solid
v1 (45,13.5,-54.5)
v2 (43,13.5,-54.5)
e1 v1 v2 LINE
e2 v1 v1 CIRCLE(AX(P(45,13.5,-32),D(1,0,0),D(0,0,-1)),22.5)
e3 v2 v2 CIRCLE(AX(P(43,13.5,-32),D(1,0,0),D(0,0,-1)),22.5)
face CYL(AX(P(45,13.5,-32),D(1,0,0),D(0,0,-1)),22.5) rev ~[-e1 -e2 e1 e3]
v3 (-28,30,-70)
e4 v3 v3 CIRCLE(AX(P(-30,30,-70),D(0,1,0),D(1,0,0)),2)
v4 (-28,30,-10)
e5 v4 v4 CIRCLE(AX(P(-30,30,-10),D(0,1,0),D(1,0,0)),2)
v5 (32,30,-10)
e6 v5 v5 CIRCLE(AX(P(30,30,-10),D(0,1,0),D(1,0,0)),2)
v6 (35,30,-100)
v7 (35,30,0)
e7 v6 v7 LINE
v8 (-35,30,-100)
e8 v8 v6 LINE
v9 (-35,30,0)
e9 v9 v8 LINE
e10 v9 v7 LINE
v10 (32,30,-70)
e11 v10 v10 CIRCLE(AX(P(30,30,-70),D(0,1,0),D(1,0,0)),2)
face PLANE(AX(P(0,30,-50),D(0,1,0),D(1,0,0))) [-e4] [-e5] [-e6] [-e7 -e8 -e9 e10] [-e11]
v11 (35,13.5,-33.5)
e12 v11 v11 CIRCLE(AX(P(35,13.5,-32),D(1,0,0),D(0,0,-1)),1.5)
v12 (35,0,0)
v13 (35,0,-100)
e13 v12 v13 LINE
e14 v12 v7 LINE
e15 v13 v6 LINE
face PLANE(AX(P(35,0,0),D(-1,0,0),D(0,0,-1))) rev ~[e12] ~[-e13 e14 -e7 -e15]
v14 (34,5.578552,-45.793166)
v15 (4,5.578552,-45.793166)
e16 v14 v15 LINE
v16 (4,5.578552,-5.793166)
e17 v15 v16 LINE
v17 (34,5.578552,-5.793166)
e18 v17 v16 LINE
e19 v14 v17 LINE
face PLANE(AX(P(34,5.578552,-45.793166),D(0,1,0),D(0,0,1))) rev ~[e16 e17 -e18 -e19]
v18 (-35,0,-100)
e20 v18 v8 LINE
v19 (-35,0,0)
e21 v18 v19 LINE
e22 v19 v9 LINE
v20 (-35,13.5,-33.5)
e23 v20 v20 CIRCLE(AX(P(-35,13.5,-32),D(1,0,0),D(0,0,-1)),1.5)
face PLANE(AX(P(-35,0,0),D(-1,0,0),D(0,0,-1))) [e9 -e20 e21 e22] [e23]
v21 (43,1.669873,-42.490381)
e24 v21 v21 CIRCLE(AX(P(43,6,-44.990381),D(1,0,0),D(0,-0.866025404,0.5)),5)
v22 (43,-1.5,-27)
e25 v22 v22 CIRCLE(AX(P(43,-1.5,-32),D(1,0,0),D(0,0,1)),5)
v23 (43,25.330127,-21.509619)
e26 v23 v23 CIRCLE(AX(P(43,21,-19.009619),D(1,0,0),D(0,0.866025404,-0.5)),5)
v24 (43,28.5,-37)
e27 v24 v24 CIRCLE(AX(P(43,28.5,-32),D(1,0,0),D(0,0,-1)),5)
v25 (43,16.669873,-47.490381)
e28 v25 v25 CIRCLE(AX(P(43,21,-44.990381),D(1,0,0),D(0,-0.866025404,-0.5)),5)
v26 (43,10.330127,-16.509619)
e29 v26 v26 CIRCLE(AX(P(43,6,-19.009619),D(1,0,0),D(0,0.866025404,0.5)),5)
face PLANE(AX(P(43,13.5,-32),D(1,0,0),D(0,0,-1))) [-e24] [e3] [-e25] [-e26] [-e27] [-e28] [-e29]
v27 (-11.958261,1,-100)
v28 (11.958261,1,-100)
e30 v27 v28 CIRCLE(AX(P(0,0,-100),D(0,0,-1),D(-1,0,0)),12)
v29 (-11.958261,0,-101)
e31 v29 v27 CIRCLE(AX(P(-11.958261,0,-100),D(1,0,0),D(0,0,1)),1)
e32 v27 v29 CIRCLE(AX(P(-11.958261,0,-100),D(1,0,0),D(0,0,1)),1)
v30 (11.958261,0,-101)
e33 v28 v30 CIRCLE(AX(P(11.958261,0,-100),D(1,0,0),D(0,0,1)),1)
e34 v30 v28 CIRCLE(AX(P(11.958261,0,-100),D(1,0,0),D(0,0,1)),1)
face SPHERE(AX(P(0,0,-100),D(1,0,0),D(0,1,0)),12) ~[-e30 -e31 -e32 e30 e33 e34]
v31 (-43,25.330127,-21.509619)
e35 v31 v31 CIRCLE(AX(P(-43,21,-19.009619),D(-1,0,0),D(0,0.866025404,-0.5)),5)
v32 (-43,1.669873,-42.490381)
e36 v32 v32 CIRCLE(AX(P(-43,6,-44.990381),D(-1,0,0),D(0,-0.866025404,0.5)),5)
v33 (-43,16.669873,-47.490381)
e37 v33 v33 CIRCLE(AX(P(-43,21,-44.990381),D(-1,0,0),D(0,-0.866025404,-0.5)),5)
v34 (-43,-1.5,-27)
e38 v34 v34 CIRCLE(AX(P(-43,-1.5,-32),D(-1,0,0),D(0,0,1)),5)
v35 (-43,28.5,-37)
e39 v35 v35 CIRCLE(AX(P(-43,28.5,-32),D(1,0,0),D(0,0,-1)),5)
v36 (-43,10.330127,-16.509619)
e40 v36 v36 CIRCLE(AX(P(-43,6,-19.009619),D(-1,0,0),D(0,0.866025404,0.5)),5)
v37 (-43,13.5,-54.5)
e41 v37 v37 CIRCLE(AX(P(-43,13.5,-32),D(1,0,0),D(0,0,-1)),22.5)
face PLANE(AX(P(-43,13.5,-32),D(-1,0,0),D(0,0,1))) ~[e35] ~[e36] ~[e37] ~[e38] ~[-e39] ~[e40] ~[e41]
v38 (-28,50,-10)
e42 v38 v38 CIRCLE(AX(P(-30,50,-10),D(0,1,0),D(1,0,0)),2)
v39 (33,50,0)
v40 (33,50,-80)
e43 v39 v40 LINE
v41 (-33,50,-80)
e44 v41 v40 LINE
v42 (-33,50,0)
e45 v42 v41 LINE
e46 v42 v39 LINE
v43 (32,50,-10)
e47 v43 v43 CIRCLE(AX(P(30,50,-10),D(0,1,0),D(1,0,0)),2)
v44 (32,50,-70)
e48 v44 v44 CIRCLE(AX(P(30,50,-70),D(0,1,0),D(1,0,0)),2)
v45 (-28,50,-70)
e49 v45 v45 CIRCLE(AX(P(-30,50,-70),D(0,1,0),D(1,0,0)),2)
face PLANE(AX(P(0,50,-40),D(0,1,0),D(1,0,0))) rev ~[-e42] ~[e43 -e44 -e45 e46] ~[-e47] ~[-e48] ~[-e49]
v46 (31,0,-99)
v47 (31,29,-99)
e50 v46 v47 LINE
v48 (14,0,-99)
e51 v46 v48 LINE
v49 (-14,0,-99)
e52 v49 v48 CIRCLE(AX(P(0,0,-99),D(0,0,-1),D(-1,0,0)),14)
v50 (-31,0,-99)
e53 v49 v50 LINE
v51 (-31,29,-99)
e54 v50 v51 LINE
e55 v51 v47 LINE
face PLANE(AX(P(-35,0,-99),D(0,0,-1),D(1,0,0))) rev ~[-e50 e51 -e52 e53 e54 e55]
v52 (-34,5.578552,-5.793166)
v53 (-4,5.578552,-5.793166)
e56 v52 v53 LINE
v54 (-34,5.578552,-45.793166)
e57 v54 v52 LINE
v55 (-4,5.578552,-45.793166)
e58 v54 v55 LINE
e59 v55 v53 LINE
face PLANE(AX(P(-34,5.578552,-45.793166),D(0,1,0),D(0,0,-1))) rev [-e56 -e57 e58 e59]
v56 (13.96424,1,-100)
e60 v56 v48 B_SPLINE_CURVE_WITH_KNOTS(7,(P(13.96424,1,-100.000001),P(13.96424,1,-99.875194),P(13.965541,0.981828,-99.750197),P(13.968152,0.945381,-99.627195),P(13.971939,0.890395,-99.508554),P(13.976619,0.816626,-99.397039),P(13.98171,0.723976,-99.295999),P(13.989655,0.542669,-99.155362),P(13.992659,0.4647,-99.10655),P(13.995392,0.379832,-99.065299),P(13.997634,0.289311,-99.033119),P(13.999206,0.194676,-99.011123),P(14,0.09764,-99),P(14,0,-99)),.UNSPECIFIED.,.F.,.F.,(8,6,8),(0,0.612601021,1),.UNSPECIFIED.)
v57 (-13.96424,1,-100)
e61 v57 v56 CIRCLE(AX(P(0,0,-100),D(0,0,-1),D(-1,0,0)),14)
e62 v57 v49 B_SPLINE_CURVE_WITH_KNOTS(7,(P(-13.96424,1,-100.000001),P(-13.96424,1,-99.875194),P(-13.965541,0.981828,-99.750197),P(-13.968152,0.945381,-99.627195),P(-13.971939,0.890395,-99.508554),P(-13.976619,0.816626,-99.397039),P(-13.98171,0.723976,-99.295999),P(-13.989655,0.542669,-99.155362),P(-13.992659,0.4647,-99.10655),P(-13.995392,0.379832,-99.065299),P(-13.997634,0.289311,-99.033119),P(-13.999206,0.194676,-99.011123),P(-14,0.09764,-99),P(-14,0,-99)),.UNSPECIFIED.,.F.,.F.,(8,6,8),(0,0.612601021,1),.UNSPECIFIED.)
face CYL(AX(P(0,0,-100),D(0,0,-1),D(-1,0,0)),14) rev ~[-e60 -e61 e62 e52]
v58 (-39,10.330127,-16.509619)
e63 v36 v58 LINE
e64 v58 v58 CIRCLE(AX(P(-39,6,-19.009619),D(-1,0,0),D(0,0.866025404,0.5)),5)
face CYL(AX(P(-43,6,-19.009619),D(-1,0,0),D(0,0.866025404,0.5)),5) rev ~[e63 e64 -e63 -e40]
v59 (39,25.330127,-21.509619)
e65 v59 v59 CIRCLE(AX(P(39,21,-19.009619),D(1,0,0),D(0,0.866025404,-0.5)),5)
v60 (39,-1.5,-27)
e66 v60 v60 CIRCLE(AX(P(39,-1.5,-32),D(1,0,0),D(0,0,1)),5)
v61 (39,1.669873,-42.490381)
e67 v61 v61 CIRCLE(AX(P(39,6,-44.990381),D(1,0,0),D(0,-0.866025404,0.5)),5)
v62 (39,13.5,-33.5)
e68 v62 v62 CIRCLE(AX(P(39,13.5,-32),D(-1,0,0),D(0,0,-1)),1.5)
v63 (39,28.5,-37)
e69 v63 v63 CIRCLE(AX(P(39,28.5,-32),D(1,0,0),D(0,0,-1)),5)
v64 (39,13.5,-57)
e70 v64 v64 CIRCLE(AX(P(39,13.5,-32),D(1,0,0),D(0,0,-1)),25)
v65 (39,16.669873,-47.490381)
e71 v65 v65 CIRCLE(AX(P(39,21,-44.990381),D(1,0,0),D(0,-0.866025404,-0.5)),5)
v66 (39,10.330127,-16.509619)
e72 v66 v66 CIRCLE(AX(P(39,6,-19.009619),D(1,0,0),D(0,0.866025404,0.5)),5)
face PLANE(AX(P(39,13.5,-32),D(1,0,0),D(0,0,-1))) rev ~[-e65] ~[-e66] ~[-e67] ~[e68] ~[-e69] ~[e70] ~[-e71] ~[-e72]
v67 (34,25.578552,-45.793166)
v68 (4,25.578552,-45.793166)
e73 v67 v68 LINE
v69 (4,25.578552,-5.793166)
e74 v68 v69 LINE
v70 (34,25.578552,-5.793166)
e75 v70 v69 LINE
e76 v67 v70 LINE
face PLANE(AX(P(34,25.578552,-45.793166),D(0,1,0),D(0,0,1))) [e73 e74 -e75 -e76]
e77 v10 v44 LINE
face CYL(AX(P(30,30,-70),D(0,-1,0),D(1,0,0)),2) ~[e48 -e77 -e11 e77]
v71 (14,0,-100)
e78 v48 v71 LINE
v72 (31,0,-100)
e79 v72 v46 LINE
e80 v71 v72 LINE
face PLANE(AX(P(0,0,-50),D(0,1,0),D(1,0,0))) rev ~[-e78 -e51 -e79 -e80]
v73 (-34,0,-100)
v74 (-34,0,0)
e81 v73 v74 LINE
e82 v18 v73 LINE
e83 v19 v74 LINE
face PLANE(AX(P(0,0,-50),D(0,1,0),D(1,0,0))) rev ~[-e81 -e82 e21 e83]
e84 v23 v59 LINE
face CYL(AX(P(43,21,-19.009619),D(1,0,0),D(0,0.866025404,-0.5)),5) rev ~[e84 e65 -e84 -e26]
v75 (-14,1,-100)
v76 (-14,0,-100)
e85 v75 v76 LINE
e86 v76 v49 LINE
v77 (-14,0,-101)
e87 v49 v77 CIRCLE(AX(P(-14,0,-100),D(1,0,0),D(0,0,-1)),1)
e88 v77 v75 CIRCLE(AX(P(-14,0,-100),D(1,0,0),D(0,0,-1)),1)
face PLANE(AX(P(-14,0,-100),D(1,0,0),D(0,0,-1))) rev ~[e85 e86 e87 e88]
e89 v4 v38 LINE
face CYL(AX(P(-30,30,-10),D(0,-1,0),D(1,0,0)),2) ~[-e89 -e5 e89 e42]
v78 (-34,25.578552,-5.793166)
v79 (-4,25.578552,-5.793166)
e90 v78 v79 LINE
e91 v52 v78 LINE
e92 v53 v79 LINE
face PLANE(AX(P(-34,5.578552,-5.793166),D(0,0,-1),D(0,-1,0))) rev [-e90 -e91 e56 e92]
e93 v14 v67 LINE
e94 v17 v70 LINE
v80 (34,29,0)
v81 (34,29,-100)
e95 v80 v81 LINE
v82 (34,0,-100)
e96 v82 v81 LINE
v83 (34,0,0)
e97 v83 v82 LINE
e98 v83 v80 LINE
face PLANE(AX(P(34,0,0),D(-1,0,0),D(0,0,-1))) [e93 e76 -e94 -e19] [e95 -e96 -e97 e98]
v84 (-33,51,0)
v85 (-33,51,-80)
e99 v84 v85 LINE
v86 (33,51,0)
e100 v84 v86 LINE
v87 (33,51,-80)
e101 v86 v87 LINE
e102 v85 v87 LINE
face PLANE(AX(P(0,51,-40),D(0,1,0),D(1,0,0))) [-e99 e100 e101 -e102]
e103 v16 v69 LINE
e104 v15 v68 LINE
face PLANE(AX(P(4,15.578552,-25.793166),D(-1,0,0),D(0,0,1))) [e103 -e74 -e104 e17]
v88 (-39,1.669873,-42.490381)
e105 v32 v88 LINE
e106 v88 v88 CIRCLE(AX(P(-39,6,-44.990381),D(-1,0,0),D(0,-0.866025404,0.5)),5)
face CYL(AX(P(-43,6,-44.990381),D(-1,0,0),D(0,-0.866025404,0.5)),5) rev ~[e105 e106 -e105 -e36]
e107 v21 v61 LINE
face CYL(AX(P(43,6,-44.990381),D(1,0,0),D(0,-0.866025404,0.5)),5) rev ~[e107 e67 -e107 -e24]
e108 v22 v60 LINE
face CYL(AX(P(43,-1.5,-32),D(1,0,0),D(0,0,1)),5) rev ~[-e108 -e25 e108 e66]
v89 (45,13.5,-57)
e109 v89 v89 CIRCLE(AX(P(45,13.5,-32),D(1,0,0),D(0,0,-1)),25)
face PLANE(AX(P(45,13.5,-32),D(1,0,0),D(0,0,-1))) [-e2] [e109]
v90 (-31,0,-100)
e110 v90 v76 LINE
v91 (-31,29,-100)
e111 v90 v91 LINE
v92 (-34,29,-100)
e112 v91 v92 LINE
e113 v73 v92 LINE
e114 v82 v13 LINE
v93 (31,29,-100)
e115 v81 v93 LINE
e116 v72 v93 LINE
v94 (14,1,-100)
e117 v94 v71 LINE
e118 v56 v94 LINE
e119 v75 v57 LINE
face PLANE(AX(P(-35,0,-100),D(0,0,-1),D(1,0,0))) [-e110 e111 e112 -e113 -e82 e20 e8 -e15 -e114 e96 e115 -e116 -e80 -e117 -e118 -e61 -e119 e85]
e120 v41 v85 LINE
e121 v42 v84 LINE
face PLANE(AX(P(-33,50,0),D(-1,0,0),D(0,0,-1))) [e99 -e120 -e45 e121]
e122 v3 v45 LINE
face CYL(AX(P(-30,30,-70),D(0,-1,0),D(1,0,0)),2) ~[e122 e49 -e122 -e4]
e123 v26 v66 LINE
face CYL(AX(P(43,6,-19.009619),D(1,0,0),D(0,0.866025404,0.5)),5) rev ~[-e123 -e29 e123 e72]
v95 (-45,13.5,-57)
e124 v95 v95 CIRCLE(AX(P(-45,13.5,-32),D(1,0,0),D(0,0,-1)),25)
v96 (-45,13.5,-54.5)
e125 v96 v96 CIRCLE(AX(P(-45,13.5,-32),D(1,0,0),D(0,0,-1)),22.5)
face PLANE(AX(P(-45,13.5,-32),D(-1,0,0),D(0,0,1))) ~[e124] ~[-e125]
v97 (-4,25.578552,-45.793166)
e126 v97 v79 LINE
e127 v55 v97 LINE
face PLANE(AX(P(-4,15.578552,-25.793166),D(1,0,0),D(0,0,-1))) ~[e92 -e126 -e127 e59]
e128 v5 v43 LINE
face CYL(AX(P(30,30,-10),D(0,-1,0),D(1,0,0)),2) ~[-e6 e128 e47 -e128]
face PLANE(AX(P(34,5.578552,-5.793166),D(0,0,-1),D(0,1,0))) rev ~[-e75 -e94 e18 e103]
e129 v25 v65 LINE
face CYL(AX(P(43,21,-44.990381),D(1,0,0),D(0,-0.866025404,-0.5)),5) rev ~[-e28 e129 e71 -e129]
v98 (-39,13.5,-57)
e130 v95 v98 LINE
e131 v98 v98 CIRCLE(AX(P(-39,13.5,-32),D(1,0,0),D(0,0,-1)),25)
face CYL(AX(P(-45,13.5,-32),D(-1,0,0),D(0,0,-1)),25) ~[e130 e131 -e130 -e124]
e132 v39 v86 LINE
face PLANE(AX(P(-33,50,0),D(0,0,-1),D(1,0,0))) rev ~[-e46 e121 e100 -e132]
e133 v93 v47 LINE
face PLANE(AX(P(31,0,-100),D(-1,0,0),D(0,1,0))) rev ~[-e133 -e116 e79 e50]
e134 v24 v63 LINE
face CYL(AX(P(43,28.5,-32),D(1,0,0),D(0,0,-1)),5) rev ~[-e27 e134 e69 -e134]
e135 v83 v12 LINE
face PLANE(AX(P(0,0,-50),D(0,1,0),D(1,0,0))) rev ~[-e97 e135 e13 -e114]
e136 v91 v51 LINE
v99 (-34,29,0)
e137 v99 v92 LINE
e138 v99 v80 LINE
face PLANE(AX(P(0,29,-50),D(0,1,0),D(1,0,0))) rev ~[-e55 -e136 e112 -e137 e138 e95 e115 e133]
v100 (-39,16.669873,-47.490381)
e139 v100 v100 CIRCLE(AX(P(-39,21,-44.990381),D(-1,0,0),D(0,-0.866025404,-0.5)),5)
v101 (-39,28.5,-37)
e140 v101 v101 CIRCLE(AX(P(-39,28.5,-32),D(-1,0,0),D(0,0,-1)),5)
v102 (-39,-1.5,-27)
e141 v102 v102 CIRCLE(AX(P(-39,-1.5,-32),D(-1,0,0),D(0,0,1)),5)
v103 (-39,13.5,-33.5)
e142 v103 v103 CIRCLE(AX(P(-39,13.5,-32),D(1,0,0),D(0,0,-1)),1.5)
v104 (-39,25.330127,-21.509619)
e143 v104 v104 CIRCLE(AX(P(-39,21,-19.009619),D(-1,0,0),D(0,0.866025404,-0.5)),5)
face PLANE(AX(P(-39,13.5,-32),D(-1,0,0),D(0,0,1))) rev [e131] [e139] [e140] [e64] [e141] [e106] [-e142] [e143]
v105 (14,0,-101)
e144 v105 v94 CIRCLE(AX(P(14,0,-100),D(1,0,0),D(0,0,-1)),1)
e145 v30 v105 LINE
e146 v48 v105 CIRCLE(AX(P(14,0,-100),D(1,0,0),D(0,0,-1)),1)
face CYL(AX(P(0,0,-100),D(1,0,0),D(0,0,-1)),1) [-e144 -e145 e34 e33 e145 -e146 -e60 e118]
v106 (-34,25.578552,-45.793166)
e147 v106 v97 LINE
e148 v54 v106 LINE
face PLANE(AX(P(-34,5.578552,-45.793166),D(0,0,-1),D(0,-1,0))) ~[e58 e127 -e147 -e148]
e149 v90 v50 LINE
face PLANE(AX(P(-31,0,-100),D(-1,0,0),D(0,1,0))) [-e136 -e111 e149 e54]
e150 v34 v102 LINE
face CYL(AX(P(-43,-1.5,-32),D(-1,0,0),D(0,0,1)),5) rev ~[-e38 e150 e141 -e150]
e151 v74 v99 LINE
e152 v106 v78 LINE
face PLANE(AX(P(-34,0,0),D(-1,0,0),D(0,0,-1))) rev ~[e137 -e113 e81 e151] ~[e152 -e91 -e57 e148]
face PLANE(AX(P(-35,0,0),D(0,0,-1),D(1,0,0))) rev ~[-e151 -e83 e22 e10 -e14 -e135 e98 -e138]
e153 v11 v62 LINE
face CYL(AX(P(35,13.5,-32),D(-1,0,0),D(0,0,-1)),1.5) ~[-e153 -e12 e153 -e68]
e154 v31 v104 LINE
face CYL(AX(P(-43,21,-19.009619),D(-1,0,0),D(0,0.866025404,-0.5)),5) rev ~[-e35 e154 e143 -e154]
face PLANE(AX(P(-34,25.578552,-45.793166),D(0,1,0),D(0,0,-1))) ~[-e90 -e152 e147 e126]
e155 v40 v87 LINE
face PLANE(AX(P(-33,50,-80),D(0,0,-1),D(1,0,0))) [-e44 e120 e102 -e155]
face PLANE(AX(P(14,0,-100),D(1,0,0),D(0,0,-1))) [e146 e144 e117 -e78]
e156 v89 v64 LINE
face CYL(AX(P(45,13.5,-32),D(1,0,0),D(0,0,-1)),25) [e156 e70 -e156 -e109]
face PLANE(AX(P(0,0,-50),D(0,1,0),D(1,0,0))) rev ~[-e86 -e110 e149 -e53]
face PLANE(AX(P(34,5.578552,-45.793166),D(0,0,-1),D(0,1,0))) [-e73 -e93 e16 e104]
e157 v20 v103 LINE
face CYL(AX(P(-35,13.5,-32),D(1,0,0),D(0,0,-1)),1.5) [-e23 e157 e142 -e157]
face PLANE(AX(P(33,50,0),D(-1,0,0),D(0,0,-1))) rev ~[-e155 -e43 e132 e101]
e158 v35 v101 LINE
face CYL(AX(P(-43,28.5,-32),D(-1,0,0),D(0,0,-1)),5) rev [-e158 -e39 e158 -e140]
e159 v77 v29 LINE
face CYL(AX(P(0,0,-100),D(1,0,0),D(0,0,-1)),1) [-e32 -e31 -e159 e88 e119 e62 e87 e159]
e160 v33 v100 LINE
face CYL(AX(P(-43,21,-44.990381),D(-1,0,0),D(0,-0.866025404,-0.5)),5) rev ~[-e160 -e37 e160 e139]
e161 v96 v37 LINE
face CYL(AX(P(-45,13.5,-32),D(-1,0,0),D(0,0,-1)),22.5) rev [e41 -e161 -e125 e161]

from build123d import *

# Parameters (mm, degrees)
SKETCH_1_W               = 70
SKETCH_1_H               = 100
EXTRUDE_1_DEPTH          = 30
SHELL_1_T                = -1
SKETCH_2_W               = 40
SKETCH_2_H               = 20
EXTRUDE_2_DEPTH          = 30
SKETCH_3_R               = 1.5
EXTRUDE_3_DEPTH          = 10
SKETCH_4_R               = 25
EXTRUDE_4_DEPTH          = 6
SKETCH_5_R               = 22.5
CUT_EXTRUDE_1_DEPTH      = 2
SKETCH_6_R               = 5
CUT_EXTRUDE_2_DEPTH      = 8
PATTERN_CIRCULAR_1_COUNT = 6
MIRROR_1_COPY_1_SKETCH_R = 5
MIRROR_1_COPY_1_DEPTH    = 8
MIRROR_1_COPY_2_SKETCH_R = 5
MIRROR_1_COPY_2_DEPTH    = 8
MIRROR_1_COPY_3_SKETCH_R = 5
MIRROR_1_COPY_3_DEPTH    = 8
MIRROR_1_COPY_4_SKETCH_R = 5
MIRROR_1_COPY_4_DEPTH    = 8
MIRROR_1_COPY_5_SKETCH_R = 5
MIRROR_1_COPY_5_DEPTH    = 8
SKETCH_9_R               = 14
CUT_EXTRUDE_4_DEPTH      = 8
SKETCH_8_W               = 3
SKETCH_8_H               = 29
CUT_EXTRUDE_3_DEPTH      = 8
SKETCH_10_R              = 1
EXTRUDE_5_DEPTH          = 14
SKETCH_11_R              = 2
EXTRUDE_6_DEPTH          = 20
SKETCH_12_W              = 66
SKETCH_12_H              = 80
EXTRUDE_7_DEPTH          = 1


with BuildPart() as part:
    # 草圖1 → 填料-伸長1 (new body)
    with BuildSketch(Plane(origin=(0, 0, 0), x_dir=(1, 0, 0), z_dir=(0, 1, 0))):
        with Locations((0, 50)):
            Rectangle(SKETCH_1_W, SKETCH_1_H)
    extrude(amount=EXTRUDE_1_DEPTH)

    # 薄殼1
    shell_1_openings = [part.faces().sort_by_distance(p)[0] for p in [
        (0, 0, -50),
        (0, 15, 0),
    ]]
    offset(amount=SHELL_1_T, openings=shell_1_openings, kind=Kind.INTERSECTION)

    # 草圖2 → 填料-伸長2 (add)
    with BuildSketch(Plane.ZY.offset(-34)):
        with Locations((-25.793166275, 15.578551741)):
            Rectangle(SKETCH_2_W, SKETCH_2_H)
    extrude_2 = extrude(amount=EXTRUDE_2_DEPTH)

    # 草圖3 → 填料-伸長3 (add)
    with BuildSketch(Plane(origin=(35, 0, 0), x_dir=(0, 0, -1), z_dir=(1, 0, 0))):
        with Locations((32, 13.5)):
            Circle(SKETCH_3_R)
    extrude_3 = extrude(amount=EXTRUDE_3_DEPTH)

    # 草圖4 → 填料-伸長4 (add)
    with BuildSketch(Plane(origin=(45, 0, 0), x_dir=(0, 0, -1), z_dir=(1, 0, 0))):
        with Locations((32, 13.5)):
            Circle(SKETCH_4_R)
    extrude_4 = extrude(amount=-EXTRUDE_4_DEPTH)

    # 草圖5 → 除料-伸長1 (cut)
    with BuildSketch(Plane(origin=(45, 0, 0), x_dir=(0, 0, -1), z_dir=(1, 0, 0))):
        with Locations((32, 13.5)):
            Circle(SKETCH_5_R)
    cut_extrude_1 = extrude(amount=-CUT_EXTRUDE_1_DEPTH, mode=Mode.SUBTRACT)

    # 草圖6 → 除料-伸長2 (cut)
    with BuildSketch(Plane(origin=(43, 0, 0), x_dir=(0, 0, -1), z_dir=(1, 0, 0))):
        with Locations((32, 28.5)):
            Circle(SKETCH_6_R)
    cut_extrude_2 = extrude(amount=-CUT_EXTRUDE_2_DEPTH, mode=Mode.SUBTRACT)

    # 環狀複製排列1: 除料-伸長2 ×6 about axis
    pattern_circular_1_axis = Axis((0, 13.5, -32), (1, 0, 0))
    for i in range(1, PATTERN_CIRCULAR_1_COUNT):
        add(cut_extrude_2.rotate(pattern_circular_1_axis, i * 360 / PATTERN_CIRCULAR_1_COUNT), mode=Mode.SUBTRACT)

    # 鏡射1: 填料-伸長2, 填料-伸長3, 填料-伸長4, 除料-伸長1, 除料-伸長2 across plane
    add(extrude_2.mirror(Plane(origin=(0, 0, 0), x_dir=(0, 0, 1), z_dir=(1, 0, 0))))
    add(extrude_3.mirror(Plane(origin=(0, 0, 0), x_dir=(0, 0, 1), z_dir=(1, 0, 0))))
    add(extrude_4.mirror(Plane(origin=(0, 0, 0), x_dir=(0, 0, 1), z_dir=(1, 0, 0))))
    add(cut_extrude_1.mirror(Plane(origin=(0, 0, 0), x_dir=(0, 0, 1), z_dir=(1, 0, 0))), mode=Mode.SUBTRACT)
    add(cut_extrude_2.mirror(Plane(origin=(0, 0, 0), x_dir=(0, 0, 1), z_dir=(1, 0, 0))), mode=Mode.SUBTRACT)

    # 鏡射1 copy 1 sketch → 鏡射1 copy 1 (cut)
    with BuildSketch(Plane(origin=(-43, -20.962812921, -27.691342951), x_dir=(0, 0.866025404, -0.5), z_dir=(-1, 0, 0))):
        with Locations((32, -28.5)):
            Circle(MIRROR_1_COPY_1_SKETCH_R)
    extrude(amount=-MIRROR_1_COPY_1_DEPTH, mode=Mode.SUBTRACT)

    # 鏡射1 copy 2 sketch → 鏡射1 copy 2 (cut)
    with BuildSketch(Plane(origin=(-43, -7.462812921, -59.691342951), x_dir=(0, 0.866025404, 0.5), z_dir=(-1, 0, 0))):
        with Locations((32, -28.5)):
            Circle(MIRROR_1_COPY_2_SKETCH_R)
    extrude(amount=-MIRROR_1_COPY_2_DEPTH, mode=Mode.SUBTRACT)

    # 鏡射1 copy 3 sketch → 鏡射1 copy 3 (cut)
    with BuildSketch(Plane(origin=(-43, 27, -64), x_dir=(0, 0, 1), z_dir=(-1, 0, 0))):
        with Locations((32, -28.5)):
            Circle(MIRROR_1_COPY_3_SKETCH_R)
    extrude(amount=-MIRROR_1_COPY_3_DEPTH, mode=Mode.SUBTRACT)

    # 鏡射1 copy 4 sketch → 鏡射1 copy 4 (cut)
    with BuildSketch(Plane(origin=(-43, 47.962812921, -36.308657049), x_dir=(0, -0.866025404, 0.5), z_dir=(-1, 0, 0))):
        with Locations((32, -28.5)):
            Circle(MIRROR_1_COPY_4_SKETCH_R)
    extrude(amount=-MIRROR_1_COPY_4_DEPTH, mode=Mode.SUBTRACT)

    # 鏡射1 copy 5 sketch → 鏡射1 copy 5 (cut)
    with BuildSketch(Plane(origin=(-43, 34.462812921, -4.308657049), x_dir=(0, -0.866025404, -0.5), z_dir=(-1, 0, 0))):
        with Locations((32, -28.5)):
            Circle(MIRROR_1_COPY_5_SKETCH_R)
    extrude(amount=-MIRROR_1_COPY_5_DEPTH, mode=Mode.SUBTRACT)

    # 草圖9 → 除料-伸長4 (cut)
    with BuildSketch(Plane(origin=(0, 0, -100), x_dir=(-1, 0, 0), z_dir=(0, 0, -1))):
        Circle(SKETCH_9_R)
    extrude(amount=-CUT_EXTRUDE_4_DEPTH, mode=Mode.SUBTRACT)

    # 草圖8 → 除料-伸長3 (cut)
    with BuildSketch(Plane(origin=(0, 0, -100), x_dir=(-1, 0, 0), z_dir=(0, 0, -1))):
        with Locations((32.5, 14.5)):
            Rectangle(SKETCH_8_W, SKETCH_8_H)
        with Locations((-32.5, 14.5)):
            Rectangle(SKETCH_8_W, SKETCH_8_H)
    extrude(amount=-CUT_EXTRUDE_3_DEPTH, mode=Mode.SUBTRACT)



with BuildPart() as body_2:
    # 草圖7 → 旋轉1 (revolve)
    with BuildSketch(Plane(origin=(0, 0, -100), x_dir=(-1, 0, 0), z_dir=(0, 0, -1))):
        with BuildLine():
            Line((-12, 0), (12, 0))
            ThreePointArc((12, 0), (0, 12), (-12, 0))
        make_face()
    revolve(axis=Axis((12, 0, -100), (-1, 0, 0)))


with BuildPart() as part_1:
    add(part.part)

    add(body_2.part)  # 填料-伸長5 merges body 2
    # 草圖10 → 填料-伸長5 (add, symmetric)
    with BuildSketch(Plane(origin=(0, 0, 0), x_dir=(0, 0, -1), z_dir=(1, 0, 0))):
        with Locations((100, 0)):
            Circle(SKETCH_10_R)
    extrude(amount=EXTRUDE_5_DEPTH, both=True)

    # 草圖11 → 填料-伸長6 (add)
    with BuildSketch(Plane(origin=(0, 30, 0), x_dir=(1, 0, 0), z_dir=(0, 1, 0))):
        with Locations((30, 70)):
            Circle(SKETCH_11_R)
        with Locations((-30, 70)):
            Circle(SKETCH_11_R)
        with Locations((-30, 10)):
            Circle(SKETCH_11_R)
        with Locations((30, 10)):
            Circle(SKETCH_11_R)
    extrude(amount=EXTRUDE_6_DEPTH)

    # 草圖12 → 填料-伸長7 (add)
    with BuildSketch(Plane(origin=(0, 50, 0), x_dir=(1, 0, 0), z_dir=(0, 1, 0))):
        with Locations((0, 40)):
            Rectangle(SKETCH_12_W, SKETCH_12_H)
    extrude(amount=EXTRUDE_7_DEPTH)


solid = part_1.part
